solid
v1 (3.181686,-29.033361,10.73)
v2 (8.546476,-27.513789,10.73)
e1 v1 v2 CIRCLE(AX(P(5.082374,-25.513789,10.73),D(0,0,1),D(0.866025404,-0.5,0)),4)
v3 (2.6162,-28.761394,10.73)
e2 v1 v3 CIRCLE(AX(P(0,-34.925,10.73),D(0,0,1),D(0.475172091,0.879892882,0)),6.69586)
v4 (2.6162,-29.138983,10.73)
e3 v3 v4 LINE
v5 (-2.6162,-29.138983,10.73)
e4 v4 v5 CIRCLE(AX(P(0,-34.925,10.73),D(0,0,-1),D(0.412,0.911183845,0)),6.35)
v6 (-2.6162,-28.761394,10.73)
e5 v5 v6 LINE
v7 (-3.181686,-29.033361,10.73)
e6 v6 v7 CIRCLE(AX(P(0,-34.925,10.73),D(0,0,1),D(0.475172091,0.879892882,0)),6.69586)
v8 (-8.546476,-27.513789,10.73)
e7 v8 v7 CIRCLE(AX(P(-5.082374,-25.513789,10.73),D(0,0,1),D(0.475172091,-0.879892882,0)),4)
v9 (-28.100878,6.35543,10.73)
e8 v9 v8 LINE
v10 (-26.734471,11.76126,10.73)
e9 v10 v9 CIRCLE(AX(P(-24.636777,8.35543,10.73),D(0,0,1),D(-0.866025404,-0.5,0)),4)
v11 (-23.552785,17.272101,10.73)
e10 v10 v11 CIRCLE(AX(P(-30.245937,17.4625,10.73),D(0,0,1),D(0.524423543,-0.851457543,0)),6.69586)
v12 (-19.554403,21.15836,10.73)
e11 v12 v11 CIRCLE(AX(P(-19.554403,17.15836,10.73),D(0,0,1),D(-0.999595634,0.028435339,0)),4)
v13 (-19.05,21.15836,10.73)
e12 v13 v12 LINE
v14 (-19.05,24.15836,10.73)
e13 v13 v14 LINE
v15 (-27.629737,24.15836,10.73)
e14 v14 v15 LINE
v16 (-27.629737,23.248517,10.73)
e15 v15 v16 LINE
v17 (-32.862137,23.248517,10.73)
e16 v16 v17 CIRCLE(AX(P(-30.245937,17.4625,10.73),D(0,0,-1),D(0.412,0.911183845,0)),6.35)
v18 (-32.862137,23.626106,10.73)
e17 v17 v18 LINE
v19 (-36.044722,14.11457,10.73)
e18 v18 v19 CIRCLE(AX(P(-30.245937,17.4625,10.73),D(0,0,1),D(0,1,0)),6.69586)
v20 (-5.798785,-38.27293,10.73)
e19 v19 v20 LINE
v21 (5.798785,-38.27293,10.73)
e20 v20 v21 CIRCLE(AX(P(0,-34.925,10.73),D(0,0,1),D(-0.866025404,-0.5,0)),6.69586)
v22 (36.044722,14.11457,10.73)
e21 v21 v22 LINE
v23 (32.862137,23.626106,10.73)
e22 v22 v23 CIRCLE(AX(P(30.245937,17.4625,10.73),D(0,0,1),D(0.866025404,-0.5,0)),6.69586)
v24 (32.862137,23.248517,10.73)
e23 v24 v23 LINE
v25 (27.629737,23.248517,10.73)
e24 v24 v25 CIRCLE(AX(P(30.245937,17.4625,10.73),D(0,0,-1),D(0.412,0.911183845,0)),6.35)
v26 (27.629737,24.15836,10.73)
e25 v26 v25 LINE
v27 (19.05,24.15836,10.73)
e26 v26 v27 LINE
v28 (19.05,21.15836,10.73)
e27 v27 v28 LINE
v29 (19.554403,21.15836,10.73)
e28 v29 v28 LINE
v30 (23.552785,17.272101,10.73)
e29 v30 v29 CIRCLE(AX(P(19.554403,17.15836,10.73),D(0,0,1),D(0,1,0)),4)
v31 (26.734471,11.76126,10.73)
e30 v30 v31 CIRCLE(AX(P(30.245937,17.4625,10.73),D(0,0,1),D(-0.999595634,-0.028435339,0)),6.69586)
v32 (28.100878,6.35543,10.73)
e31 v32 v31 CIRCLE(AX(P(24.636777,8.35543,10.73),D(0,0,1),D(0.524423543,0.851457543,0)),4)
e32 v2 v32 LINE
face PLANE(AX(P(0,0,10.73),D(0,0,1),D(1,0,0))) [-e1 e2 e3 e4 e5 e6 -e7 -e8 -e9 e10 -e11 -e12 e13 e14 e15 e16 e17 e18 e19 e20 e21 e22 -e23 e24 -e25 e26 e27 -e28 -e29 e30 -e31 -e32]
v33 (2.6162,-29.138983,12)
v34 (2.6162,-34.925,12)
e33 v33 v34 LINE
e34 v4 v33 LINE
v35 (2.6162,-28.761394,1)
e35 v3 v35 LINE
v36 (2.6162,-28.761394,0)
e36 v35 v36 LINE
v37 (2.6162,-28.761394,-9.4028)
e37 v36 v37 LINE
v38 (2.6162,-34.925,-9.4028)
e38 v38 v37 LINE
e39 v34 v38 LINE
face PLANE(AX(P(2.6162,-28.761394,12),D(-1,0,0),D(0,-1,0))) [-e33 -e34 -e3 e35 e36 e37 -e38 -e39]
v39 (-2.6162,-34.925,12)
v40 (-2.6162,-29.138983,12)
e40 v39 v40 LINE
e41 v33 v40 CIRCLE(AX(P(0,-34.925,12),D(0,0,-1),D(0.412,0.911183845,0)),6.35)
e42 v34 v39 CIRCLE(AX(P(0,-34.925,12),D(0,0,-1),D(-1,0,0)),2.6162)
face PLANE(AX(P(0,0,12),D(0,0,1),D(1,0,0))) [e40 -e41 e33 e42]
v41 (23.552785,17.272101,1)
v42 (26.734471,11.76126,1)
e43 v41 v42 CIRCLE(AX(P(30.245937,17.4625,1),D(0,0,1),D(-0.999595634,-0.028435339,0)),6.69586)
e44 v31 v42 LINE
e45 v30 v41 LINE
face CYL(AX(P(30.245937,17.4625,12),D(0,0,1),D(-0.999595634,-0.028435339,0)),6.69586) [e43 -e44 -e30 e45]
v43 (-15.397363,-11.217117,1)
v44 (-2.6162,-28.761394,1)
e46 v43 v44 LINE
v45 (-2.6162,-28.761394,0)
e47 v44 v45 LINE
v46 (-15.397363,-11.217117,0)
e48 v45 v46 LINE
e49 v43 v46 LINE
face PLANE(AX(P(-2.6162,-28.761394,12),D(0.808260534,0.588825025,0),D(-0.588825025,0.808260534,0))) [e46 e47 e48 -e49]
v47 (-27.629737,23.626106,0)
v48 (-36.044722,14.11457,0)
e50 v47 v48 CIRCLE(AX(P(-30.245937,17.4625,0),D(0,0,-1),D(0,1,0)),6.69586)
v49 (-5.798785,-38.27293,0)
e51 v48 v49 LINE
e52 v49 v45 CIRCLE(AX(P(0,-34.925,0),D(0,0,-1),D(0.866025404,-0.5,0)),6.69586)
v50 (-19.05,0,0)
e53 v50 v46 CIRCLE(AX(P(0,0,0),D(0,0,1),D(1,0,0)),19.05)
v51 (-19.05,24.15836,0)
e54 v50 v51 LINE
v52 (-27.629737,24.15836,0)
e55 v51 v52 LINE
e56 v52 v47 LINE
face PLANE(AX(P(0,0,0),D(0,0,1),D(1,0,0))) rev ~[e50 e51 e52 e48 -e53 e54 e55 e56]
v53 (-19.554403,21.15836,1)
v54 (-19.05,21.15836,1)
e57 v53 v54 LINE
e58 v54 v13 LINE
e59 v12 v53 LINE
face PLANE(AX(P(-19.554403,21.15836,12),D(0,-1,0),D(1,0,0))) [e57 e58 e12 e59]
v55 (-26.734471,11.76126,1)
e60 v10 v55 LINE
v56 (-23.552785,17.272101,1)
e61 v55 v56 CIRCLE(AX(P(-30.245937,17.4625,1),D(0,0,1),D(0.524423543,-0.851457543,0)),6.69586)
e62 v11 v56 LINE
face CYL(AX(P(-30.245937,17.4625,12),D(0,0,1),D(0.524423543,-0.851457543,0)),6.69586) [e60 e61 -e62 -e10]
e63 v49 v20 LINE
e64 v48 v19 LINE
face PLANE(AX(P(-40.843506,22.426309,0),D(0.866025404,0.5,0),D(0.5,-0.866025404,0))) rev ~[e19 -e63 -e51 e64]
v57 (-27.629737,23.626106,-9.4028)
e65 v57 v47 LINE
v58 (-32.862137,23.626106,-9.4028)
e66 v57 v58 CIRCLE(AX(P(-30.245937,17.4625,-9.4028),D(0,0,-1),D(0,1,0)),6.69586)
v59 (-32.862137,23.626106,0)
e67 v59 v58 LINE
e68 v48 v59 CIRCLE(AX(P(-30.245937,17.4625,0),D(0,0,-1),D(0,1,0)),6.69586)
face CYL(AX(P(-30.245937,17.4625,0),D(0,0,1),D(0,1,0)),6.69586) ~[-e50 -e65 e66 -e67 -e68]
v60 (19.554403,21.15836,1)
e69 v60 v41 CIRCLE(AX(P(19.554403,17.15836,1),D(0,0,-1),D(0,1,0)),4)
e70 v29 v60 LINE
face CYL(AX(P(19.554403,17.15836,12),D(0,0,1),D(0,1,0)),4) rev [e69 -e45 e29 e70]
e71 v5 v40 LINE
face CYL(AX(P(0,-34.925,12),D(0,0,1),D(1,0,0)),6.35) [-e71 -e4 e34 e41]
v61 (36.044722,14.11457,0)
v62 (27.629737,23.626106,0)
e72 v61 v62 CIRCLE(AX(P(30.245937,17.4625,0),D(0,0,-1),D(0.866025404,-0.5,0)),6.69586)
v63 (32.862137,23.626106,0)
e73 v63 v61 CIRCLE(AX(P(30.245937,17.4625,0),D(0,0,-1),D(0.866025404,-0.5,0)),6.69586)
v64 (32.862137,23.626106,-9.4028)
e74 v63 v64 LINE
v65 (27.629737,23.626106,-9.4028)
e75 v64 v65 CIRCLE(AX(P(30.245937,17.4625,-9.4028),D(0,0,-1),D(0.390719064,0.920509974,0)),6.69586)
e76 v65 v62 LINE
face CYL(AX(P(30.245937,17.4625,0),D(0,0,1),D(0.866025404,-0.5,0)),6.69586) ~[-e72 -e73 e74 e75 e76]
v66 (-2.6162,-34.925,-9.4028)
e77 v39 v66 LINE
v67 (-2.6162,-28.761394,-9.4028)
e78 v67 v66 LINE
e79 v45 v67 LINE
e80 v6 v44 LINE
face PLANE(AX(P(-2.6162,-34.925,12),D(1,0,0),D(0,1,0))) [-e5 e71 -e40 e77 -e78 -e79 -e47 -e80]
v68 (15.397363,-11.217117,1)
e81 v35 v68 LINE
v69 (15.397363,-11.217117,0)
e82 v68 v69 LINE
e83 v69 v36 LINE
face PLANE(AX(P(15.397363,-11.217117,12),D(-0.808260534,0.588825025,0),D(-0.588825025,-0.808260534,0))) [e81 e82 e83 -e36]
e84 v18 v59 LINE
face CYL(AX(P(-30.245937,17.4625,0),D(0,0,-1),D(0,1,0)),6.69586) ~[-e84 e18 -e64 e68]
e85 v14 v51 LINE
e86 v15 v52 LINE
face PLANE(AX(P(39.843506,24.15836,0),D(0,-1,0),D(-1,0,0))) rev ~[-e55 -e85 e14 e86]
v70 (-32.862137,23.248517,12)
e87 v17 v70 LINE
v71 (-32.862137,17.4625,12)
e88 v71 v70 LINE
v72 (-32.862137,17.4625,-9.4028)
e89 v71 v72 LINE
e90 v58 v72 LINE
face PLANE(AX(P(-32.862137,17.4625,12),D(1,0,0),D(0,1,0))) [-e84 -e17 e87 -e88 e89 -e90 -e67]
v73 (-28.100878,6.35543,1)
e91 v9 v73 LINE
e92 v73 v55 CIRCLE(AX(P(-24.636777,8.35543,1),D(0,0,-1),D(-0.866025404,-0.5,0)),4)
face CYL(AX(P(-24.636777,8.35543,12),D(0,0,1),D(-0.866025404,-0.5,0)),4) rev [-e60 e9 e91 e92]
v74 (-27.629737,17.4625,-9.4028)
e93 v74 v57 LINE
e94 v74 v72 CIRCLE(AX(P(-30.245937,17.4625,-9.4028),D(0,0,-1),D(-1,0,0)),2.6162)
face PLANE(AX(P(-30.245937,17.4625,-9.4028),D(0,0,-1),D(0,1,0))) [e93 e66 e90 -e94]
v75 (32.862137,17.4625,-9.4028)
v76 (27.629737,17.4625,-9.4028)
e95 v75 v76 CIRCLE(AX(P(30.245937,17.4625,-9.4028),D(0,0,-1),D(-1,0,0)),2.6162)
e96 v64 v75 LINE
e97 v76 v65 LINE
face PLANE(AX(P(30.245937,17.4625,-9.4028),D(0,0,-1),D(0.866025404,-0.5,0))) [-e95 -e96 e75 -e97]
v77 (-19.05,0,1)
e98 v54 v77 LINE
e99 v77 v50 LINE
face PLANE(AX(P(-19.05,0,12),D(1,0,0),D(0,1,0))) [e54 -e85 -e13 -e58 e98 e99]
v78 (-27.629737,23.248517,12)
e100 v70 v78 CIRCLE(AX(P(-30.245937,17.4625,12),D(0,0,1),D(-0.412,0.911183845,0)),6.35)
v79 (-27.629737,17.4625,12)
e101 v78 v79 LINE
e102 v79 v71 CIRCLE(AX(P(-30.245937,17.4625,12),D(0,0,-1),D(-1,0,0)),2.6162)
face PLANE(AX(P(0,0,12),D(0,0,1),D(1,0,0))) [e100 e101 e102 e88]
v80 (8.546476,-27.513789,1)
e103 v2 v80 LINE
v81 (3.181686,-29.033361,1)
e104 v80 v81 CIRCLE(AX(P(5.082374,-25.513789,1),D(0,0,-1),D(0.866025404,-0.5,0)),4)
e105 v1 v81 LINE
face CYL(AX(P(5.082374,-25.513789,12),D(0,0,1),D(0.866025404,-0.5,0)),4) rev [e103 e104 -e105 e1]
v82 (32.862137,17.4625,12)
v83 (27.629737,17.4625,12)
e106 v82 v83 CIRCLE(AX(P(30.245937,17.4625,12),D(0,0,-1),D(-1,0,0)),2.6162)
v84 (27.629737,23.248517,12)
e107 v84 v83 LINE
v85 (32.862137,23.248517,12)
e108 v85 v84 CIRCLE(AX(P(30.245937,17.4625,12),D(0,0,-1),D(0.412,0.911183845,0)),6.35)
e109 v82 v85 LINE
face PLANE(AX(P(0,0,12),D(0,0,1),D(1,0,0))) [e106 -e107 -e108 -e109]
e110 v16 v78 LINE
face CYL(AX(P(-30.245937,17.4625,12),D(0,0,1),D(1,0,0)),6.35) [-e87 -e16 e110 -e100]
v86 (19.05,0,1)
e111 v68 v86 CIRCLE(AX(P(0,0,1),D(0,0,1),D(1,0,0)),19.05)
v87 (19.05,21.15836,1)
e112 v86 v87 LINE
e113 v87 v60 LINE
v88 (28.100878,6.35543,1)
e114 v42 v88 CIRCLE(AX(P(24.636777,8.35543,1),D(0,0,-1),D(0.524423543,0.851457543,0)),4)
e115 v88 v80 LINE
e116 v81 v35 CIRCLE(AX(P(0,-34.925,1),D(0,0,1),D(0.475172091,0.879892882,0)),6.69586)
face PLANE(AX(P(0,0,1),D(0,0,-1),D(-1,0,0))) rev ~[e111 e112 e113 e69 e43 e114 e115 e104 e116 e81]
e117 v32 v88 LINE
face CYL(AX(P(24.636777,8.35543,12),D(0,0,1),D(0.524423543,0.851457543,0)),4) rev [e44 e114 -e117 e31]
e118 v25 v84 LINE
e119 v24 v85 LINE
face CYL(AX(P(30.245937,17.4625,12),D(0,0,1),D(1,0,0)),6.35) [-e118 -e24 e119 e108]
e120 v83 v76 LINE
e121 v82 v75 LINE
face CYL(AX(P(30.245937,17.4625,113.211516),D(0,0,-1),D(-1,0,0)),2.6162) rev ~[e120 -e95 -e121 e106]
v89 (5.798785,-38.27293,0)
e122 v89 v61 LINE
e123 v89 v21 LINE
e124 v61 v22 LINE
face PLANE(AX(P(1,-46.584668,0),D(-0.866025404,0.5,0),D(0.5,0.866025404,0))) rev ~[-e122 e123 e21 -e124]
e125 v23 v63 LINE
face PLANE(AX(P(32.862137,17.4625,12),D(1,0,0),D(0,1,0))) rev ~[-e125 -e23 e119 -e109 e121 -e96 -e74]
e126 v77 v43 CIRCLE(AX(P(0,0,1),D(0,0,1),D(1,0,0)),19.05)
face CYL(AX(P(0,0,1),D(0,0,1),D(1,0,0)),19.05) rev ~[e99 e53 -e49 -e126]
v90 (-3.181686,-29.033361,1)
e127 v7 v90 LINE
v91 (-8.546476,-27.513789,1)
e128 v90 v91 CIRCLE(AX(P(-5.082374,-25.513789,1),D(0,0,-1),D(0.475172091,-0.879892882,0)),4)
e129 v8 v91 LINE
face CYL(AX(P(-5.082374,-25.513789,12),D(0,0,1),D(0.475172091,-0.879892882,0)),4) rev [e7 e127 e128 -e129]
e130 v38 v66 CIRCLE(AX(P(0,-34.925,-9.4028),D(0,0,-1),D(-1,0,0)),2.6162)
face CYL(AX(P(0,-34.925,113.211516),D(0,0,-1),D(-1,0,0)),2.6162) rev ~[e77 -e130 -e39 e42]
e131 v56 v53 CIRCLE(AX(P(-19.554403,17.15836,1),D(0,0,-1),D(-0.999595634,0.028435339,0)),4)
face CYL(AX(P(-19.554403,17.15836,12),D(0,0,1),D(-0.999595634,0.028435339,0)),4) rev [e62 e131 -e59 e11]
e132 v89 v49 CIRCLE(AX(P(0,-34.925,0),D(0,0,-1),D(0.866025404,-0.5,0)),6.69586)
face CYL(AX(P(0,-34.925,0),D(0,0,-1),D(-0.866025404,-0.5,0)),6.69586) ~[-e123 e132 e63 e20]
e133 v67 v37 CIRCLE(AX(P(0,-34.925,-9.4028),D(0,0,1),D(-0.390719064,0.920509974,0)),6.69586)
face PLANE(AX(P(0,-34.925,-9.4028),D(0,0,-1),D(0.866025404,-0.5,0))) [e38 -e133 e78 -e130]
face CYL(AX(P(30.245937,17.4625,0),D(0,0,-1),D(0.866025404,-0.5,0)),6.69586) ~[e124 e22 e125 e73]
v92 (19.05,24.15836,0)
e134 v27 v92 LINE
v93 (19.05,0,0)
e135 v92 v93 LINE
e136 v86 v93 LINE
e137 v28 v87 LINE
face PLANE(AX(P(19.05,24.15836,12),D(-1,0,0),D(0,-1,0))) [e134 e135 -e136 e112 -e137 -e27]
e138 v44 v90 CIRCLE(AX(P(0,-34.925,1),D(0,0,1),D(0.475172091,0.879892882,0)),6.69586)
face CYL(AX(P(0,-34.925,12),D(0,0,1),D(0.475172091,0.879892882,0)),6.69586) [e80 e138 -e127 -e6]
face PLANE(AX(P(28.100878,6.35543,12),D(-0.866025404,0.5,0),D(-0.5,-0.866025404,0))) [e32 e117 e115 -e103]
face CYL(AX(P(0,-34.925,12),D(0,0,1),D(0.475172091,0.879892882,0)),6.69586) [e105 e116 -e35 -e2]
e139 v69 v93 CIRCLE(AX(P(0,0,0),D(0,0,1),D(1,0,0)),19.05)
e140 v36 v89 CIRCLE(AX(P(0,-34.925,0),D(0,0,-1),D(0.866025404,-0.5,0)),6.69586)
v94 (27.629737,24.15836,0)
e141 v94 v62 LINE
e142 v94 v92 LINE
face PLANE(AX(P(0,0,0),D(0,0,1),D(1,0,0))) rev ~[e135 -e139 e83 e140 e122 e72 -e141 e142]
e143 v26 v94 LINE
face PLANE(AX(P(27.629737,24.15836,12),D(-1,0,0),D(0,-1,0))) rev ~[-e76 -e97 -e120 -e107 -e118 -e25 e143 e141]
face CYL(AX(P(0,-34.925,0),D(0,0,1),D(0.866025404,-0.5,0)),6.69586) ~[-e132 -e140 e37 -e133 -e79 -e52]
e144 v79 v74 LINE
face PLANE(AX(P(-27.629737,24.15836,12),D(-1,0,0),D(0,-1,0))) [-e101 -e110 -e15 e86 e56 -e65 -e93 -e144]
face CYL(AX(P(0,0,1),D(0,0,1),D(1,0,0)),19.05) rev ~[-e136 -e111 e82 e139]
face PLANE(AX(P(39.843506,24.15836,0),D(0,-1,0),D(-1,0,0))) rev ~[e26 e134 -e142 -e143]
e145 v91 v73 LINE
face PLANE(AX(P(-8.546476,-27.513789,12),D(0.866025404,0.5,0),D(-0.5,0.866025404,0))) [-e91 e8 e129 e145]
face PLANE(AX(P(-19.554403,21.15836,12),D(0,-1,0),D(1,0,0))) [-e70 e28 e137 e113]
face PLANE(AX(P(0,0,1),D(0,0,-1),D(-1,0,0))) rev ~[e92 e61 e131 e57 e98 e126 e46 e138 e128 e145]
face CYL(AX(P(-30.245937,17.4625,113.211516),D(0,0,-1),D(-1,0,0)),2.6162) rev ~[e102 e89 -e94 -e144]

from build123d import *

# Parameters (mm, degrees)
SKETCH1_R           = 1.5
BOSS_EXTRUDE1_DEPTH = 12
SKETCH2_R           = 6.695859604
BOSS_EXTRUDE2_DEPTH = 9.4028
CUT_EXTRUDE2_DEPTH  = 64.105652153
HOLE1_D             = 5.2324
CUT_EXTRUDE3_DEPTH  = 11
SKETCH8_R           = 19.05
CUT_EXTRUDE4_DEPTH  = 10
SKETCH9_R           = 6.35
CUT_EXTRUDE6_DEPTH  = 1.27
CUT_EXTRUDE7_DEPTH  = 60.624425826


with BuildPart() as part:
    # Sketch1 → Boss-Extrude1 (new body)
    with BuildSketch(Plane.XY):
        Polygon((-40.843506262, 22.426308796), (-1, -46.5846684), (1, -46.5846684), (40.843506262, 22.426308796), (39.843506262, 24.158359604), (-39.843506262, 24.158359604), align=None)
        with Locations((-30.245937227, 17.4625)):
            Circle(SKETCH1_R, mode=Mode.SUBTRACT)
        with Locations((30.245937227, 17.4625)):
            Circle(SKETCH1_R, mode=Mode.SUBTRACT)
        with Locations((0, -34.925)):
            Circle(SKETCH1_R, mode=Mode.SUBTRACT)
    extrude(amount=BOSS_EXTRUDE1_DEPTH)

    # Sketch2 → Boss-Extrude2 (add)
    with BuildSketch(Plane(origin=(0, 0, 0), x_dir=(-1, 0, 0), z_dir=(0, 0, -1))):
        with Locations(Location((30.245937227, 17.4625, 0), (0, 0, 90))):
            Circle(SKETCH2_R)
        with Locations(Location((-30.245937227, 17.4625, 0), (0, 0, 210))):
            Circle(SKETCH2_R)
        with Locations(Location((0, -34.925, 0), (0, 0, 210))):
            Circle(SKETCH2_R)
    extrude(amount=BOSS_EXTRUDE2_DEPTH)

    # Sketch3 → Cut-Extrude2 (cut, through all)
    with BuildSketch(Plane(origin=(0, 0, 0), x_dir=(-1, 0, 0), z_dir=(0, 0, -1))):
        with BuildLine():
            Line((-5.798784517, -38.272929802), (-1, -46.5846684))
            Line((-1, -46.5846684), (1, -46.5846684))
            Line((1, -46.5846684), (5.798784517, -38.272929802))
            ThreePointArc((5.798784517, -38.272929802), (0, -41.620859604), (-5.798784517, -38.272929802))
        make_face()
        with BuildLine():
            Line((-30.245937227, 24.158359604), (-39.843506262, 24.158359604))
            Line((-39.843506262, 24.158359604), (-40.843506262, 22.426308796))
            Line((-40.843506262, 22.426308796), (-36.044721744, 14.114570198))
            ThreePointArc((-36.044721744, 14.114570198), (-36.044721744, 20.810429802), (-30.245937227, 24.158359604))
        make_face()
        with BuildLine():
            Line((36.044721744, 14.114570198), (40.843506262, 22.426308796))
            Line((40.843506262, 22.426308796), (39.843506262, 24.158359604))
            Line((39.843506262, 24.158359604), (30.245937227, 24.158359604))
            ThreePointArc((30.245937227, 24.158359604), (36.044721744, 20.810429802), (36.044721744, 14.114570198))
        make_face()
    extrude(amount=-CUT_EXTRUDE2_DEPTH, mode=Mode.SUBTRACT)

    # Hole1 (through all)
    with Locations(Plane.XY.offset(12)):
        with Locations((-30.245937227, 17.4625), (30.245937227, 17.4625), (0, -34.925)):
            Hole(HOLE1_D / 2)

    # Sketch7 → Cut-Extrude3 (cut)
    with BuildSketch(Plane.XY.offset(12)):
        with BuildLine():
            Line((-19.554402665, 21.158359604), (19.554402665, 21.158359604))
            ThreePointArc((19.554402665, 21.158359604), (22.342326137, 20.026718493), (23.552785201, 17.272100961))
            ThreePointArc((23.552785201, 17.272100961), (24.44715271, 14.114570198), (26.734470809, 11.761259834))
            ThreePointArc((26.734470809, 11.761259834), (28.514810038, 9.335662768), (28.100878252, 6.355429662))
            Line((28.100878252, 6.355429662), (8.546475587, -27.513789266))
            ThreePointArc((8.546475587, -27.513789266), (6.1724839, -29.362381261), (3.181685608, -29.033360795))
            ThreePointArc((3.181685608, -29.033360795), (0, -28.229140396), (-3.181685608, -29.033360795))
            ThreePointArc((-3.181685608, -29.033360795), (-6.1724839, -29.362381261), (-8.546475587, -27.513789266))
            Line((-8.546475587, -27.513789266), (-28.100878252, 6.355429662))
            ThreePointArc((-28.100878252, 6.355429662), (-28.514810038, 9.335662768), (-26.734470809, 11.761259834))
            ThreePointArc((-26.734470809, 11.761259834), (-24.44715271, 14.114570198), (-23.552785201, 17.272100961))
            ThreePointArc((-23.552785201, 17.272100961), (-22.342326137, 20.026718493), (-19.554402665, 21.158359604))
        make_face()
    extrude(amount=-CUT_EXTRUDE3_DEPTH, mode=Mode.SUBTRACT)

    # Sketch8 → Cut-Extrude4 (cut)
    with BuildSketch(Plane.XY.offset(1)):
        Circle(SKETCH8_R)
    extrude(amount=-CUT_EXTRUDE4_DEPTH, mode=Mode.SUBTRACT)

    # Sketch9 → Cut-Extrude6 (cut)
    with BuildSketch(Plane.XY.offset(12)):
        with BuildLine():
            Line((5.798784517, -38.272929802), (36.044721744, 14.114570198))
            ThreePointArc((36.044721744, 14.114570198), (36.044721744, 20.810429802), (30.245937227, 24.158359604))
            Line((30.245937227, 24.158359604), (-30.245937227, 24.158359604))
            ThreePointArc((-30.245937227, 24.158359604), (-36.044721744, 20.810429802), (-36.044721744, 14.114570198))
            Line((-36.044721744, 14.114570198), (-5.798784517, -38.272929802))
            ThreePointArc((-5.798784517, -38.272929802), (0, -41.620859604), (5.798784517, -38.272929802))
        make_face()
        with Locations((-30.245937227, 17.4625)):
            Circle(SKETCH9_R, mode=Mode.SUBTRACT)
        with Locations((30.245937227, 17.4625)):
            Circle(SKETCH9_R, mode=Mode.SUBTRACT)
        with Locations((0, -34.925)):
            Circle(SKETCH9_R, mode=Mode.SUBTRACT)
    extrude(amount=-CUT_EXTRUDE6_DEPTH, mode=Mode.SUBTRACT)

    # Sketch10 → Cut-Extrude7 (cut, through all)
    with BuildSketch(Plane.XY.offset(12)):
        with BuildLine():
            Line((-32.862137227, 17.4625), (-32.862137227, 23.626105552))
            ThreePointArc((-32.862137227, 23.626105552), (-31.580833929, 24.023946992), (-30.245937227, 24.158359604))
            Line((-30.245937227, 24.158359604), (-27.629737227, 24.158359604))
            Line((-27.629737227, 24.158359604), (-27.629737227, 17.4625))
            ThreePointArc((-27.629737227, 17.4625), (-30.245937227, 14.8463), (-32.862137227, 17.4625))
        make_face()
        with BuildLine():
            Line((30.245937227, 24.158359604), (27.629737227, 24.158359604))
            Line((27.629737227, 24.158359604), (27.629737227, 17.4625))
            ThreePointArc((27.629737227, 17.4625), (30.245937227, 14.8463), (32.862137227, 17.4625))
            Line((32.862137227, 17.4625), (32.862137227, 23.626105552))
            ThreePointArc((32.862137227, 23.626105552), (31.580833929, 24.023946992), (30.245937227, 24.158359604))
        make_face()
        with BuildLine():
            Line((-19.05, 0), (-19.05, 24.158359604))
            Line((-19.05, 24.158359604), (19.05, 24.158359604))
            Line((19.05, 24.158359604), (19.05, 0))
            ThreePointArc((19.05, 0), (18.113838196, -5.898420621), (15.397363169, -11.217116717))
            Line((15.397363169, -11.217116717), (2.6162, -28.761394448))
            Line((2.6162, -28.761394448), (2.6162, -34.925))
            ThreePointArc((2.6162, -34.925), (0, -37.5412), (-2.6162, -34.925))
            Line((-2.6162, -34.925), (-2.6162, -28.761394448))
            Line((-2.6162, -28.761394448), (-15.397363169, -11.217116717))
            ThreePointArc((-15.397363169, -11.217116717), (-18.113838196, -5.898420621), (-19.05, 0))
        make_face()
    extrude(amount=-CUT_EXTRUDE7_DEPTH, mode=Mode.SUBTRACT)


solid = part.part
